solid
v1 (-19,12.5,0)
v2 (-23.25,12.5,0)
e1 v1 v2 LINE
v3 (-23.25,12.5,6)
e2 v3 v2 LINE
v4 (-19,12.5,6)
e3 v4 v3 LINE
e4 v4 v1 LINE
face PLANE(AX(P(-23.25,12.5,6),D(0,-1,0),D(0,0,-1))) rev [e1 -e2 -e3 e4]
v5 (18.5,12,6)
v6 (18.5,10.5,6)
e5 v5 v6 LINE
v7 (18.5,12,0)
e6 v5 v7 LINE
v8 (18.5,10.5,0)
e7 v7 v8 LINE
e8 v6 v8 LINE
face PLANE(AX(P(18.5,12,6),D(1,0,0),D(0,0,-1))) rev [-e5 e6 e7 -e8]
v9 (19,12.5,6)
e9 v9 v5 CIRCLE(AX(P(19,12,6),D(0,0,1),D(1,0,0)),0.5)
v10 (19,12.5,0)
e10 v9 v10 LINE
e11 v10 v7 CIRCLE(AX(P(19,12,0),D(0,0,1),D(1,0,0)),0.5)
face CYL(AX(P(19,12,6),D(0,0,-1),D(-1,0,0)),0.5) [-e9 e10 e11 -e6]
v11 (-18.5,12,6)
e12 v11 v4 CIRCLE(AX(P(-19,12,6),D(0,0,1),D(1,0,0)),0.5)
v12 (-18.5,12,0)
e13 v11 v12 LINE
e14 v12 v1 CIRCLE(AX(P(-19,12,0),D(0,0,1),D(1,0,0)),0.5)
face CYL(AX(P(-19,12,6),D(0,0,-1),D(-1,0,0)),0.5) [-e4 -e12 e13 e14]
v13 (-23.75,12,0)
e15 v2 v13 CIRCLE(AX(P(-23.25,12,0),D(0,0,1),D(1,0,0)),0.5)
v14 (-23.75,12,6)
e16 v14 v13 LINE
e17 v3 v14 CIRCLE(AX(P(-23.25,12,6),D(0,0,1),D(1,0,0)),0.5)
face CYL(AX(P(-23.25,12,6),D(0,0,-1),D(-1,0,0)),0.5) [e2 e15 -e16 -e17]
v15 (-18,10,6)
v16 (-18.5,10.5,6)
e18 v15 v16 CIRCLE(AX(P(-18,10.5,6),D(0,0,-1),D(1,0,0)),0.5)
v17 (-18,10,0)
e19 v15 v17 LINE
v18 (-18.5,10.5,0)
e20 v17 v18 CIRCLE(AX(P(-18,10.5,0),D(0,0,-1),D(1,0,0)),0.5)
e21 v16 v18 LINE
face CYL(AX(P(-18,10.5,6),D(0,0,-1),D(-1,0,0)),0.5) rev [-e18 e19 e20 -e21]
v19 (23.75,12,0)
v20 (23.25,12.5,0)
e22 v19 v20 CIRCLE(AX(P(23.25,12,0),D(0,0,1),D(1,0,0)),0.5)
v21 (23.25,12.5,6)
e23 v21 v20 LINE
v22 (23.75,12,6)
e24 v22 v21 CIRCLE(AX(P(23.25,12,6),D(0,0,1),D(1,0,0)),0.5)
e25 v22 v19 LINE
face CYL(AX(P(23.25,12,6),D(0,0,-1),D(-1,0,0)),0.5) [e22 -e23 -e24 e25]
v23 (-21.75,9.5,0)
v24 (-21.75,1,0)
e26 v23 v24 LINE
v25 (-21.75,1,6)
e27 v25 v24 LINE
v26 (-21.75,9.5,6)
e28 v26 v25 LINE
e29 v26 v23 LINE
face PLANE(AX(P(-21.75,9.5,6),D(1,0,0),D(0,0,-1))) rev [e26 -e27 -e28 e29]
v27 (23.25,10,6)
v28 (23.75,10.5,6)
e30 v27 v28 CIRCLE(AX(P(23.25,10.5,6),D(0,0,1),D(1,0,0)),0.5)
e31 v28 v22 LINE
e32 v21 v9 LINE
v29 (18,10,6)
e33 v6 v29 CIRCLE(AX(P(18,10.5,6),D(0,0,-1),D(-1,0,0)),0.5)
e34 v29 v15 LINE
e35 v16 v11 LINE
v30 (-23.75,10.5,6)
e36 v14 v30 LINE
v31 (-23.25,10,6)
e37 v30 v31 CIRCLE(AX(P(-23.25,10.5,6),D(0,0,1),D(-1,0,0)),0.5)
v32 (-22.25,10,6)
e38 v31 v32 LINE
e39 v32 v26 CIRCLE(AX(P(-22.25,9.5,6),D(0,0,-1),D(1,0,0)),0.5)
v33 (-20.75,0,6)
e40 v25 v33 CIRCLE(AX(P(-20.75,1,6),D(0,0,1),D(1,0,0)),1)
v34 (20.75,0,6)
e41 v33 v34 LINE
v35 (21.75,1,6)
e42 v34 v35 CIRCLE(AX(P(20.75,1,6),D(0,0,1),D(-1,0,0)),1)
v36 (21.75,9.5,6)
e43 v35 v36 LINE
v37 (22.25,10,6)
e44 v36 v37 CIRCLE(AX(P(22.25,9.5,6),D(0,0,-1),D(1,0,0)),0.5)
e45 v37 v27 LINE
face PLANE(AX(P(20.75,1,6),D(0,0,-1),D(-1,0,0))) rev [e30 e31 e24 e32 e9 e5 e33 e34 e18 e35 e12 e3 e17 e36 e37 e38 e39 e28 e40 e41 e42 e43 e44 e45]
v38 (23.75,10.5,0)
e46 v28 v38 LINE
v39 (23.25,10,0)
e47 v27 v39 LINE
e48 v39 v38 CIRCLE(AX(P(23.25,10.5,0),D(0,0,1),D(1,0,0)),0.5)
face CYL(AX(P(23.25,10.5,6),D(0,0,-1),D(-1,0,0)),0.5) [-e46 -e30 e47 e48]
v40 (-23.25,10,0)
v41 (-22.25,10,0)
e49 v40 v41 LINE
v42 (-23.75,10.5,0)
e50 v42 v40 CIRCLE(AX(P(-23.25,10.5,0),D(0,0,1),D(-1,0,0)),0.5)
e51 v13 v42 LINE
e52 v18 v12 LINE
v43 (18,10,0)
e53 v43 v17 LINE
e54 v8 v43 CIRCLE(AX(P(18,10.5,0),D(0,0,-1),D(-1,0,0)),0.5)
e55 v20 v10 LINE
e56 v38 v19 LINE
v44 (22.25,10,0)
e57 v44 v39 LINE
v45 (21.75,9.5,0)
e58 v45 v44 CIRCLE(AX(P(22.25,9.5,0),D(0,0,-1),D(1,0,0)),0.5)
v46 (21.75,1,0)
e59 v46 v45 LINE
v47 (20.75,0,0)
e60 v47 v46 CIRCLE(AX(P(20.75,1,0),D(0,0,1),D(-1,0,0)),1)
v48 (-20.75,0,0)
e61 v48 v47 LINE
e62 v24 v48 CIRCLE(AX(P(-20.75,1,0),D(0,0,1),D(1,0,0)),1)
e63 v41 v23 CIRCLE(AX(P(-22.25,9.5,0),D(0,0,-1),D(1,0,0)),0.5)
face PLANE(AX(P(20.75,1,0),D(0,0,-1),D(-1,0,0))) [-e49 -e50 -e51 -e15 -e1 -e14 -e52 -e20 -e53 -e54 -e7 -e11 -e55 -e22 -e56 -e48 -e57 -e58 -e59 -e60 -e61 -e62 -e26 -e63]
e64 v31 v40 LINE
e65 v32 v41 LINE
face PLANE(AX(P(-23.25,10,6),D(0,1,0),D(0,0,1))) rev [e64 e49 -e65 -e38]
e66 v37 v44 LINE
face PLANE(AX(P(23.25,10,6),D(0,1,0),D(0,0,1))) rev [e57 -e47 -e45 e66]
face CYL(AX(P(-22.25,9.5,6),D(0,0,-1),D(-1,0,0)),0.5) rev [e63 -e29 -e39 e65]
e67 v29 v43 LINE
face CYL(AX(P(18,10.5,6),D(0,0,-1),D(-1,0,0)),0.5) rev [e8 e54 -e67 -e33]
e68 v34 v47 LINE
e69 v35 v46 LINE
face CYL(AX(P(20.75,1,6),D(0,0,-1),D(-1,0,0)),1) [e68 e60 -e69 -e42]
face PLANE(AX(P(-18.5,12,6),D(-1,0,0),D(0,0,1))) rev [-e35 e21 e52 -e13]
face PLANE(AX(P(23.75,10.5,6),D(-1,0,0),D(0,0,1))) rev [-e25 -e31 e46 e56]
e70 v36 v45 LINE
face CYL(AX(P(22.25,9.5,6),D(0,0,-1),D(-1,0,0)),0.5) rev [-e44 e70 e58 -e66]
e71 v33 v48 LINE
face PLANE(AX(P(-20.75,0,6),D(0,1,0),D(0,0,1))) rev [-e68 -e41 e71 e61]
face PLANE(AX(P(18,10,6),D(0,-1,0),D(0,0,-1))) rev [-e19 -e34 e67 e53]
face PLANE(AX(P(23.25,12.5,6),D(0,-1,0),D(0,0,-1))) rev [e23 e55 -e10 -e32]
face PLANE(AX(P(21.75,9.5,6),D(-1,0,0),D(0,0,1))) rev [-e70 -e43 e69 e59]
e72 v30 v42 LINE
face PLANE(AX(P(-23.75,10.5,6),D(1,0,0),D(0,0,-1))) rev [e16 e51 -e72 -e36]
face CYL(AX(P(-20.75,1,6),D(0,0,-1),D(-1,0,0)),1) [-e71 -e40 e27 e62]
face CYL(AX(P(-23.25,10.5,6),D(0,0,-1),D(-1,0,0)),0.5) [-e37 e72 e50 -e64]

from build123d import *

# Parameters (mm, degrees)
EXTRUDE1_DEPTH = 6


with BuildPart() as part:
    # Sketch1 → Extrude1 (new body)
    with BuildSketch(Plane.XY):
        with BuildLine():
            Line((-20.75, 0), (20.75, 0))
            ThreePointArc((20.75, 0), (21.457106781, 0.292893219), (21.75, 1))
            Line((21.75, 1), (21.75, 9.5))
            ThreePointArc((21.75, 9.5), (21.896446609, 9.853553391), (22.25, 10))
            Line((22.25, 10), (23.25, 10))
            ThreePointArc((23.25, 10), (23.603553391, 10.146446609), (23.75, 10.5))
            Line((23.75, 10.5), (23.75, 12))
            ThreePointArc((23.75, 12), (23.603553391, 12.353553391), (23.25, 12.5))
            Line((23.25, 12.5), (19, 12.5))
            ThreePointArc((19, 12.5), (18.646446609, 12.353553391), (18.5, 12))
            Line((18.5, 12), (18.5, 10.5))
            ThreePointArc((18.5, 10.5), (18.353553391, 10.146446609), (18, 10))
            Line((18, 10), (-18, 10))
            ThreePointArc((-18, 10), (-18.353553391, 10.146446609), (-18.5, 10.5))
            Line((-18.5, 10.5), (-18.5, 12))
            ThreePointArc((-18.5, 12), (-18.646446609, 12.353553391), (-19, 12.5))
            Line((-19, 12.5), (-23.25, 12.5))
            ThreePointArc((-23.25, 12.5), (-23.603553391, 12.353553391), (-23.75, 12))
            Line((-23.75, 12), (-23.75, 10.5))
            ThreePointArc((-23.75, 10.5), (-23.603553391, 10.146446609), (-23.25, 10))
            Line((-23.25, 10), (-22.25, 10))
            ThreePointArc((-22.25, 10), (-21.896446609, 9.853553391), (-21.75, 9.5))
            Line((-21.75, 9.5), (-21.75, 1))
            ThreePointArc((-21.75, 1), (-21.457106781, 0.292893219), (-20.75, 0))
        make_face()
    extrude(amount=EXTRUDE1_DEPTH)


solid = part.part
